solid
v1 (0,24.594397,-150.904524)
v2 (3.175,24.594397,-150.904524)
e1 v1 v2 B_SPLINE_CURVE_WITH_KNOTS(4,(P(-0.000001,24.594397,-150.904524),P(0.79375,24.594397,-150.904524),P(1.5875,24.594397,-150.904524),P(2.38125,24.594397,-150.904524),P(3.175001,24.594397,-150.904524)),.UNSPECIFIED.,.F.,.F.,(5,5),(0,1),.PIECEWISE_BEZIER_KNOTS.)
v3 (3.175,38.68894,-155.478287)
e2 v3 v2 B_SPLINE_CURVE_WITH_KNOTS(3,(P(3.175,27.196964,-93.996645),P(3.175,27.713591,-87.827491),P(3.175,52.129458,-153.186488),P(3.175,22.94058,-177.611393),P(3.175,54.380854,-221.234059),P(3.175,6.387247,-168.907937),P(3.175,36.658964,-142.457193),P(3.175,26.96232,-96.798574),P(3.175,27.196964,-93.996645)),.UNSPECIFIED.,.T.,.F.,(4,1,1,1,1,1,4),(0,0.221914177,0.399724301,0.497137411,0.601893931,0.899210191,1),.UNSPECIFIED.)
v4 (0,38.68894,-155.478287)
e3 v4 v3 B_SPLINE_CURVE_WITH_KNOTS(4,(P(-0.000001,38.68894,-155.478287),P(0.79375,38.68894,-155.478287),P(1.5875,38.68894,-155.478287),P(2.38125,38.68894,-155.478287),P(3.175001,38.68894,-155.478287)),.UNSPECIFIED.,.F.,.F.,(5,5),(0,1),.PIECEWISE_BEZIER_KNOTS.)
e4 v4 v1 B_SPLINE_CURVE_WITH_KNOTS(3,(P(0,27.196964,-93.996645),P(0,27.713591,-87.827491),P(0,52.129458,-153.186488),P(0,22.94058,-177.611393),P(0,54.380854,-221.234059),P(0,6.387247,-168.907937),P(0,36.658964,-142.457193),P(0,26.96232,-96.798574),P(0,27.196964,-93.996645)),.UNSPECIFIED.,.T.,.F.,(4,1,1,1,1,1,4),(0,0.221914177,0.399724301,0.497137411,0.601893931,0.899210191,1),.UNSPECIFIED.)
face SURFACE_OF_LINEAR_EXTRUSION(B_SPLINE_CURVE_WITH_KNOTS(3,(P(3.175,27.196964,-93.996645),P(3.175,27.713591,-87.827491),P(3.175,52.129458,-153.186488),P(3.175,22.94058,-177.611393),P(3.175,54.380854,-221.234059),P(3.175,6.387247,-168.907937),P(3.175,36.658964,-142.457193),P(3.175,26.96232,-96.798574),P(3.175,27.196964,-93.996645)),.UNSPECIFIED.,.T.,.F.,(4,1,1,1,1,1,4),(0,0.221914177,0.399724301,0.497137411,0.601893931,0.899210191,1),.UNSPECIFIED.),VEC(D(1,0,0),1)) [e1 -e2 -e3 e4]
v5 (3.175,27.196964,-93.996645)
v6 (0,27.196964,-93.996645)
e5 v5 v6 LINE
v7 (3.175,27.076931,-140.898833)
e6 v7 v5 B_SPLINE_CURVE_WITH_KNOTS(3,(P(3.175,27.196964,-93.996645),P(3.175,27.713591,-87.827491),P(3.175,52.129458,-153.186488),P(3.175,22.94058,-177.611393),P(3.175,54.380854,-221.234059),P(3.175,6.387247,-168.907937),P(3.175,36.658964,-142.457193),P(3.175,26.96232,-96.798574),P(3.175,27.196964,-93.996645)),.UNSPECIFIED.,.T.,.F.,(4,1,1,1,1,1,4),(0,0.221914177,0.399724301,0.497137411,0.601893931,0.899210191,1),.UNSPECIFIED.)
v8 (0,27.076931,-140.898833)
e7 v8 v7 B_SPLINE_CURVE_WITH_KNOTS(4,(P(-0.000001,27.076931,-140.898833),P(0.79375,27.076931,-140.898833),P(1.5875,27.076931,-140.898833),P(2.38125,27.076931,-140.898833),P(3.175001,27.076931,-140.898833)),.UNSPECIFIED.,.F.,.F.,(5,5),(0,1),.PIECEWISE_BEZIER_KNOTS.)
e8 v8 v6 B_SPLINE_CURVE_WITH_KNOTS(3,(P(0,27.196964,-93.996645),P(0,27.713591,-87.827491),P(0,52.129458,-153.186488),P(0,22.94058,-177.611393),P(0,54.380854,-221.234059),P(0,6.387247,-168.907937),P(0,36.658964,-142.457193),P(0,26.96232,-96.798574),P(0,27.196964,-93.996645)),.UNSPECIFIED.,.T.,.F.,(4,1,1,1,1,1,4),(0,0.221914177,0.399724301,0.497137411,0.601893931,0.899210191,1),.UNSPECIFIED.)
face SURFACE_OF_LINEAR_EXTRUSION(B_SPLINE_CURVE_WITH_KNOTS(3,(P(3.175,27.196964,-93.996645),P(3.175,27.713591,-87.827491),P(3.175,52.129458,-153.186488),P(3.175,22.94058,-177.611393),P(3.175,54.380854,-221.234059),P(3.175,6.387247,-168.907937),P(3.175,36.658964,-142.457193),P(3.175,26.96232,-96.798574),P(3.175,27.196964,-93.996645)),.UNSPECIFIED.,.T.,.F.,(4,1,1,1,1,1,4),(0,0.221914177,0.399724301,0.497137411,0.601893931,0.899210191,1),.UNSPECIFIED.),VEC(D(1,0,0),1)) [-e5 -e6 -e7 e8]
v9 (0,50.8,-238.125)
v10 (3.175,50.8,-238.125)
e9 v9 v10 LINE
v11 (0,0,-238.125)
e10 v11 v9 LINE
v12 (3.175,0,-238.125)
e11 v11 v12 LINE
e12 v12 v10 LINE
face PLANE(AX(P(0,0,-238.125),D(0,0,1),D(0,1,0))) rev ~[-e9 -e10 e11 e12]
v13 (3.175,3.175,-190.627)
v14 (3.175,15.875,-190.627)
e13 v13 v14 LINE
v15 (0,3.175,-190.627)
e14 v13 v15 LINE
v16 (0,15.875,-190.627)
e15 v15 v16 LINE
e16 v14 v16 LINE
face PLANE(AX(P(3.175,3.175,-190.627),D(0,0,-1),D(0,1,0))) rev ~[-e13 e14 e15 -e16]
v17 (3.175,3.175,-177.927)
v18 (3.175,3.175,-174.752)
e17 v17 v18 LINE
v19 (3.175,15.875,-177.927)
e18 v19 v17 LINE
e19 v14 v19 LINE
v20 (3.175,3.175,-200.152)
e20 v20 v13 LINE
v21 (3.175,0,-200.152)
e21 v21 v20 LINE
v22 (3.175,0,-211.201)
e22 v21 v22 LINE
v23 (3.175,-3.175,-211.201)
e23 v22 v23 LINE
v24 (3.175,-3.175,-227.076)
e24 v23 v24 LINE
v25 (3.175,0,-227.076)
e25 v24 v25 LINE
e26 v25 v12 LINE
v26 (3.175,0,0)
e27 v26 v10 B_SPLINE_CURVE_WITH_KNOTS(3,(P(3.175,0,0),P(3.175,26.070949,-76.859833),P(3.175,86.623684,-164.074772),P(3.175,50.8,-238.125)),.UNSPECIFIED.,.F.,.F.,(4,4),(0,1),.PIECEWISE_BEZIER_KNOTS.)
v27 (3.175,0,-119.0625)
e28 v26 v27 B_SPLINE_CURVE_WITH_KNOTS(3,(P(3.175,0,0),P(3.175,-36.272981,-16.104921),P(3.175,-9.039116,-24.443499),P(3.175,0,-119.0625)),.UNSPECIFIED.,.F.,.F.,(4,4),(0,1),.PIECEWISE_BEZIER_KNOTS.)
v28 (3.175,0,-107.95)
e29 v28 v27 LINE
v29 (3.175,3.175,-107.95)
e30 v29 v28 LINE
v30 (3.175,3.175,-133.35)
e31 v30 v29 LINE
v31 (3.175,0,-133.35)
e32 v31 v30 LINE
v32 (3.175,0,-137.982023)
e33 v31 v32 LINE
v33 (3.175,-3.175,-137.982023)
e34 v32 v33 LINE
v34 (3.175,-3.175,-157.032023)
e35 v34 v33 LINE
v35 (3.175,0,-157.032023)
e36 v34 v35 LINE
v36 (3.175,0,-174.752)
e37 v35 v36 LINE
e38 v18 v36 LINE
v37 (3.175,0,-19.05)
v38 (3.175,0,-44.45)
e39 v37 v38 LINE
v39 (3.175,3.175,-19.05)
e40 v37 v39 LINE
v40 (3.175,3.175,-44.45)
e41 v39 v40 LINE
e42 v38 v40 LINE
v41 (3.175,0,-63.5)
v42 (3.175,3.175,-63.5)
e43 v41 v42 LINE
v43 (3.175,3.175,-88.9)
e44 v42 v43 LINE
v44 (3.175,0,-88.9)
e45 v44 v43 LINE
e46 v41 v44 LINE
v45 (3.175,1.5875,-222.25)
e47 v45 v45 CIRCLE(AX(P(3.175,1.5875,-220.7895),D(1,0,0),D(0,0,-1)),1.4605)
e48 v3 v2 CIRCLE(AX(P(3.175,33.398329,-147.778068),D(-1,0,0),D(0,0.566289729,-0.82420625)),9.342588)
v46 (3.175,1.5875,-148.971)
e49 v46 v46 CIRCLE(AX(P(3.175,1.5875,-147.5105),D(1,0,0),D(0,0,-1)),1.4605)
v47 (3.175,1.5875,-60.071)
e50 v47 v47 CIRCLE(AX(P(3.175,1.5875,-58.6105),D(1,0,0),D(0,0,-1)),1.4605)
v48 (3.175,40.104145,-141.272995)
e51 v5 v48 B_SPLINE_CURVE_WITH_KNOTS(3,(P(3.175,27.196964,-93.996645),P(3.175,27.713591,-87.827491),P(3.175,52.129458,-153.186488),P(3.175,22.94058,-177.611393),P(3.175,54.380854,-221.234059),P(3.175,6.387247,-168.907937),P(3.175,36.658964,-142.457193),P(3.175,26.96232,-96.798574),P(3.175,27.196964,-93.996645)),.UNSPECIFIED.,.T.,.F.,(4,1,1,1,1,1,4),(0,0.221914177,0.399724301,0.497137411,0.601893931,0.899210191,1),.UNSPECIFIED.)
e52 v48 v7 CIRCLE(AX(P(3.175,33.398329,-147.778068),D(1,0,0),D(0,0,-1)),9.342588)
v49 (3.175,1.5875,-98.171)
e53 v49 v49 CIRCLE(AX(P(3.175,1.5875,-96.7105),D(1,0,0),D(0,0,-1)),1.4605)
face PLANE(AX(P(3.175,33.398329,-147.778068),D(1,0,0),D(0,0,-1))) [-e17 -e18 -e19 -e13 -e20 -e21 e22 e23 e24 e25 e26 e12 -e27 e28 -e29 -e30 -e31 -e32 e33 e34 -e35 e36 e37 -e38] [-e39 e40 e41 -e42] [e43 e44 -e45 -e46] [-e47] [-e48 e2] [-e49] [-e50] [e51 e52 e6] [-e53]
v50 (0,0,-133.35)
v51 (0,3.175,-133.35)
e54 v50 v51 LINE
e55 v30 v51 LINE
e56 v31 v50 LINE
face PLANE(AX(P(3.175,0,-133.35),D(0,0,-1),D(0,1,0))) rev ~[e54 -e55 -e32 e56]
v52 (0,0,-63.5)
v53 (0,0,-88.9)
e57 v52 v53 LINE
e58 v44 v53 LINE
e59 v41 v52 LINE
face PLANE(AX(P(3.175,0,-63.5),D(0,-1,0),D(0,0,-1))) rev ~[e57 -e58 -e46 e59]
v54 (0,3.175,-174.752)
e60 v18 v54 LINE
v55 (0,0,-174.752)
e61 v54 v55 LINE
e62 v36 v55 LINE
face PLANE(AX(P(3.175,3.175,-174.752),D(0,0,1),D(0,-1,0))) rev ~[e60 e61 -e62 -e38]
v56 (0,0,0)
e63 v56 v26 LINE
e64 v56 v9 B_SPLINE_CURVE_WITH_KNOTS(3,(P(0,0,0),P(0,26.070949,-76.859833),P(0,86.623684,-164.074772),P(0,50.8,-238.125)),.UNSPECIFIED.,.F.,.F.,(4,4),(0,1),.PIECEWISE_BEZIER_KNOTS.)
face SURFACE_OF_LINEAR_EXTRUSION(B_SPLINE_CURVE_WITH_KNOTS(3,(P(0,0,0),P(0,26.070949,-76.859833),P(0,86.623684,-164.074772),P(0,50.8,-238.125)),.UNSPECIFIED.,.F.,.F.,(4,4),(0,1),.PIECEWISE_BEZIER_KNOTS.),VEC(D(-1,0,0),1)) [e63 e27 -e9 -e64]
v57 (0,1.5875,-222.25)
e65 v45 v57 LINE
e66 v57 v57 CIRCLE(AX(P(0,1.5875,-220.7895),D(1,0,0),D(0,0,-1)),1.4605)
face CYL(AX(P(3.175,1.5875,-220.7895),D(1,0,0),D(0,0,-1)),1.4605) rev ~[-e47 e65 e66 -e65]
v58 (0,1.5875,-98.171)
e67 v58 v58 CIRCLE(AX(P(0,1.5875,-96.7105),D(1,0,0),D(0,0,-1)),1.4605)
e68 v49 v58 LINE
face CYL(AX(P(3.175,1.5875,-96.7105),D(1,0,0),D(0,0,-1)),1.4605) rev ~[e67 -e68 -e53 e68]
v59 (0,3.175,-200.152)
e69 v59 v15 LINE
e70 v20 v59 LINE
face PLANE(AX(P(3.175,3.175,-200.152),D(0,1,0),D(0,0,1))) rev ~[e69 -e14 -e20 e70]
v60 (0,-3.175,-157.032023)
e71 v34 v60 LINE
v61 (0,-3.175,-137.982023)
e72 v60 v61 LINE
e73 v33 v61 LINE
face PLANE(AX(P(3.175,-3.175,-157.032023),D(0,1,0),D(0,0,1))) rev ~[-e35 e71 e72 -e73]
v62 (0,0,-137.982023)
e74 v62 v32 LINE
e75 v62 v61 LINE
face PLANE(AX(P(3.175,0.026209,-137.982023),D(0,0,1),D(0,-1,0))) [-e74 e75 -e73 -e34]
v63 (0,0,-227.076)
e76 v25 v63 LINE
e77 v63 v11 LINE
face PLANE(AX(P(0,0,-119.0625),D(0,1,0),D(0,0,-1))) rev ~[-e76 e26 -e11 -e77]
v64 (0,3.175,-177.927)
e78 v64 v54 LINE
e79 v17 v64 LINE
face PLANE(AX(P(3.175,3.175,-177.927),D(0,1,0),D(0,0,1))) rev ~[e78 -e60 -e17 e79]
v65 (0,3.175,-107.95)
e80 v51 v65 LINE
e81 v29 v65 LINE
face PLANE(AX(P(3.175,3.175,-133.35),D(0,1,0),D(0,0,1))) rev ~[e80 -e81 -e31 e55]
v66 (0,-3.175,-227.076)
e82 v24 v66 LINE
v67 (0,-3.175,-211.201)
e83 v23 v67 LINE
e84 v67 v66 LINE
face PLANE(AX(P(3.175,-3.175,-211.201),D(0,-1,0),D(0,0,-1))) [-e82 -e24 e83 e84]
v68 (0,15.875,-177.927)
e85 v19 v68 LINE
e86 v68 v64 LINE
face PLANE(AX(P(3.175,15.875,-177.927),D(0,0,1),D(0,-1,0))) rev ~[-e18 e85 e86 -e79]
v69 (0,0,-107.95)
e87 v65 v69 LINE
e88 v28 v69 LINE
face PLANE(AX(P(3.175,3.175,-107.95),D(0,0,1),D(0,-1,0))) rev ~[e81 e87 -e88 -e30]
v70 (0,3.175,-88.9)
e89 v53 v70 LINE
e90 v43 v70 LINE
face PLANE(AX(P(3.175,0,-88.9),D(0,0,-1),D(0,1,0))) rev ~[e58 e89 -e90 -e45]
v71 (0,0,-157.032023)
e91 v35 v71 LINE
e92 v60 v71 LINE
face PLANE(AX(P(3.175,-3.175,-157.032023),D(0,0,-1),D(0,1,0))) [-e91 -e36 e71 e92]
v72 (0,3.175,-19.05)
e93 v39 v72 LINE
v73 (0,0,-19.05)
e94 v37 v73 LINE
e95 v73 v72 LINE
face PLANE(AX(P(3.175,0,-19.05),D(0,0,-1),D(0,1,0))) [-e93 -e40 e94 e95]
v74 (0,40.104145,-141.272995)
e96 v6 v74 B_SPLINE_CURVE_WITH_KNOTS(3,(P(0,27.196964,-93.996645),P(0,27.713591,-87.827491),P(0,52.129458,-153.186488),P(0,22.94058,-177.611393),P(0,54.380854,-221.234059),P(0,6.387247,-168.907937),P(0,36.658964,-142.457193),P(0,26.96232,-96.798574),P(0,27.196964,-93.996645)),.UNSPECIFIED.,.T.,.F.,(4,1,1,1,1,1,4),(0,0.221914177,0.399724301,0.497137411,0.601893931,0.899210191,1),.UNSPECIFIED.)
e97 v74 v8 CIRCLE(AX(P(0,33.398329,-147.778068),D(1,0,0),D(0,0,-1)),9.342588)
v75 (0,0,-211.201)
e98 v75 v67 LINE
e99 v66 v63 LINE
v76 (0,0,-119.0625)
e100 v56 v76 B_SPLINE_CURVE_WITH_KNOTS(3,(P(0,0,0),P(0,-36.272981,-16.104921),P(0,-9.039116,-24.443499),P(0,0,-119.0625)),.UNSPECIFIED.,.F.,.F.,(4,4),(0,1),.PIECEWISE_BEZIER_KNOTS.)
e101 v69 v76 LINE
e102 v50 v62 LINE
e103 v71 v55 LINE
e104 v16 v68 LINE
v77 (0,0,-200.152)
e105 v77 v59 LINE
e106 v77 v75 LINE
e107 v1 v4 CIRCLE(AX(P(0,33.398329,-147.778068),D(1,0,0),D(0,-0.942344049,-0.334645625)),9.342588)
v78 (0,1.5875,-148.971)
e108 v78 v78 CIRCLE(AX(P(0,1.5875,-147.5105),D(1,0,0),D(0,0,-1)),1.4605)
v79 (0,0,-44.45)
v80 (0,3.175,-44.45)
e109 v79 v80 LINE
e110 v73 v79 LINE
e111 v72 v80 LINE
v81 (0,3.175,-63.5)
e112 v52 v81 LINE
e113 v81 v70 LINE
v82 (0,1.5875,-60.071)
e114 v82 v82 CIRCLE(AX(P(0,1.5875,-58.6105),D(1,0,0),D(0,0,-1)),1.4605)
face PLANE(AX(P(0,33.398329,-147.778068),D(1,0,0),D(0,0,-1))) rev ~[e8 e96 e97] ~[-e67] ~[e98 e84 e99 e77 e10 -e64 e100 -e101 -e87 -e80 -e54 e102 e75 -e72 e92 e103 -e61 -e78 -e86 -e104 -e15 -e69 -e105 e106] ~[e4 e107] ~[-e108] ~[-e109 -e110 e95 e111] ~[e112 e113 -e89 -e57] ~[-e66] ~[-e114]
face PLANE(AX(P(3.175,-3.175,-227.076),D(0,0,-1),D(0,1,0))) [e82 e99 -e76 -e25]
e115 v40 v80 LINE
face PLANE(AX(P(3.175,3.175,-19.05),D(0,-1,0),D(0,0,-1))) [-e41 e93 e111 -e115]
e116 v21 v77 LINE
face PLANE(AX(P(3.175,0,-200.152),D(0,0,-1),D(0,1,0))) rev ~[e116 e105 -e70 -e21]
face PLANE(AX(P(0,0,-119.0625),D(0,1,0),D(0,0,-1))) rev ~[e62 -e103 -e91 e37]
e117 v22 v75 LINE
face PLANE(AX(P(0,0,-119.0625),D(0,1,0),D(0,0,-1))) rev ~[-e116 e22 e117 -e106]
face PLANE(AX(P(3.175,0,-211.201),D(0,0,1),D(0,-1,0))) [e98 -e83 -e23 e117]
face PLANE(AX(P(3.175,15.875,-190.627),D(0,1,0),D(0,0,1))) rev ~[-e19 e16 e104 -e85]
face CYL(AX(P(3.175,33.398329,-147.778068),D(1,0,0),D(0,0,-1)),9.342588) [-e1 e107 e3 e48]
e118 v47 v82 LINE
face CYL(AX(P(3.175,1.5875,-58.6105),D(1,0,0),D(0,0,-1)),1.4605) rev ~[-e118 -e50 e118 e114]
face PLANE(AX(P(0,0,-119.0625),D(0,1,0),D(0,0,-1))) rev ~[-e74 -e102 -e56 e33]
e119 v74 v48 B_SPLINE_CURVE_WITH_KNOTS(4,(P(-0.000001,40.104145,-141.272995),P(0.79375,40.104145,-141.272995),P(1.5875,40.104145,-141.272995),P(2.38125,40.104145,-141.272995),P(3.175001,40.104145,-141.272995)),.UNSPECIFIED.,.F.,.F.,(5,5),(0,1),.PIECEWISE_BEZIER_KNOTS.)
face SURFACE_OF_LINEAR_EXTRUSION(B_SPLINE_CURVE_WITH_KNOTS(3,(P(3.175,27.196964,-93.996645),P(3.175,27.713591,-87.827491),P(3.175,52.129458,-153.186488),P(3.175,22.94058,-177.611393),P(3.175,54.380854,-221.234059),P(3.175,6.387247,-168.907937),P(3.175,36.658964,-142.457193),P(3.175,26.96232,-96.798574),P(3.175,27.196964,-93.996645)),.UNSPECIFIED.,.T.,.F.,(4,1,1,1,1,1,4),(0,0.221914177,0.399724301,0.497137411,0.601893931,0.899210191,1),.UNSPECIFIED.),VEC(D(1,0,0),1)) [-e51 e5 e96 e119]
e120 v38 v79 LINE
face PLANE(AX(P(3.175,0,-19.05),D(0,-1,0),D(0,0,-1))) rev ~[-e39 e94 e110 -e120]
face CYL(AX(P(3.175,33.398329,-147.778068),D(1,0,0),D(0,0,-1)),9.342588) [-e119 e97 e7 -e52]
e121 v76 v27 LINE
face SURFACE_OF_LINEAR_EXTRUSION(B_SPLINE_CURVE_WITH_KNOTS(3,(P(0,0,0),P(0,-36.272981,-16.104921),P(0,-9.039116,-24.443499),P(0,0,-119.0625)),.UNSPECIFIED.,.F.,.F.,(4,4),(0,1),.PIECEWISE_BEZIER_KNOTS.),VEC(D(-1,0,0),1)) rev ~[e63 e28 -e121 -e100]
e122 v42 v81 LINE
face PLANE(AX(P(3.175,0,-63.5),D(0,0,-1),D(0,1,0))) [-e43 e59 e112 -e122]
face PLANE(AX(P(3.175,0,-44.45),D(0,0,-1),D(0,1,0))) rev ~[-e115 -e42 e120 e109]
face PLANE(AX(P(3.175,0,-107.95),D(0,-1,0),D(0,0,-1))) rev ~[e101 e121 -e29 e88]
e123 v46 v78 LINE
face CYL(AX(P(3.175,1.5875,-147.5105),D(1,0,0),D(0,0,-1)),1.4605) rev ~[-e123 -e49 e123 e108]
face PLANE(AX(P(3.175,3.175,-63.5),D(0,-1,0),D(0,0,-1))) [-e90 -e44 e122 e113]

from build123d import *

# Parameters (mm, degrees)
BOSS_EXTRUDE1_DEPTH = 3.175
SKETCH2_R           = 1.4605
SKETCH2_W           = 25.4
SKETCH2_H           = 3.175
CUT_EXTRUDE1_DEPTH  = 6.35
BOSS_EXTRUDE3_DEPTH = 3.175
CUT_EXTRUDE2_DEPTH  = 3.175
SKETCH5_R           = 9.342587617
BOSS_EXTRUDE4_DEPTH = 3.175


with BuildPart() as part:
    # Sketch1 → Boss-Extrude1 (new body)
    with BuildSketch(Plane(origin=(0, 0, 0), x_dir=(0, 0, -1), z_dir=(1, 0, 0))):
        with BuildLine():
            Line((119.0625, 0), (238.125, 0))
            Line((238.125, 0), (238.125, 50.8))
            add(Edge.make_bspline(
                [(0, 0), (76.859833449, 26.070949446), (164.07477212, 86.623684005), (238.125, 50.8)],
                knots=[0, 0, 0, 0, 1, 1, 1, 1], degree=3))
            add(Edge.make_bspline(
                [(0, 0), (16.104921012, -36.272981342), (24.443498776, -9.039116005), (119.0625, 0)],
                knots=[0, 0, 0, 0, 1, 1, 1, 1], degree=3))
        make_face()
    extrude(amount=BOSS_EXTRUDE1_DEPTH)

    # Sketch2 → Cut-Extrude1 (cut)
    with BuildSketch(Plane(origin=(3.175, 0, 0), x_dir=(0, 0, -1), z_dir=(1, 0, 0))):
        Polygon((177.927, 15.875), (177.927, 3.175), (183.007, 3.175), (190.627, 3.175), (190.627, 15.875), (183.007, 15.875), align=None)
        Polygon((174.752, 3.175), (174.752, 0), (200.152, 0), (200.152, 3.175), (195.707, 3.175), (190.627, 3.175), (183.007, 3.175), (177.927, 3.175), align=None)
        with Locations((220.7895, 1.5875)):
            Circle(SKETCH2_R)
        Polygon((107.95, 3.175), (107.95, 0), (119.0625, 0), (133.35, 0), (133.35, 3.175), align=None)
        with Locations((76.2, 1.5875)):
            Rectangle(SKETCH2_W, SKETCH2_H)
        with Locations((31.75, 1.5875)):
            Rectangle(SKETCH2_W, SKETCH2_H)
        with Locations((58.6105, 1.5875)):
            Circle(SKETCH2_R)
        with Locations((147.5105, 1.5875)):
            Circle(SKETCH2_R)
        with Locations((96.7105, 1.5875)):
            Circle(SKETCH2_R)
    extrude(amount=-CUT_EXTRUDE1_DEPTH, mode=Mode.SUBTRACT)

    # Sketch3 → Boss-Extrude3 (add)
    with BuildSketch(Plane(origin=(3.175, 0, 0), x_dir=(0, 0, -1), z_dir=(1, 0, 0))):
        Polygon((137.98202267, -3.175), (137.98202267, 0), (137.98202267, 0.026209123), (157.03202267, 0.026209123), (157.03202267, 0), (157.03202267, -3.175), align=None)
        Polygon((211.201, -3.175), (227.076, -3.175), (227.076, 0), (227.076, 0.026209123), (208.026, 0.026209123), (211.201, 0), align=None)
    extrude(amount=-BOSS_EXTRUDE3_DEPTH)

    # Sketch4 → Cut-Extrude2 (cut)
    with BuildSketch(Plane(origin=(3.175, 0, 0), x_dir=(0, 0, -1), z_dir=(1, 0, 0))):
        with BuildLine():
            add(Edge.make_bspline(
                [(93.99664506, 27.196963526), (87.827491263, 27.713590543), (153.186488297, 52.129457971), (177.611392836, 22.94058013), (221.234059198, 54.380853992), (168.907937304, 6.387246602), (142.457192969, 36.658963722), (96.798574364, 26.962319938), (93.99664506, 27.196963526)],
                knots=[0, 0, 0, 0, 0.221914177, 0.399724301, 0.497137411, 0.601893931, 0.899210191, 1, 1, 1, 1], degree=3))
        make_face()
    extrude(amount=-CUT_EXTRUDE2_DEPTH, mode=Mode.SUBTRACT)

    # Sketch5 → Boss-Extrude4 (add)
    with BuildSketch(Plane(origin=(3.175, 0, 0), x_dir=(0, 0, -1), z_dir=(1, 0, 0))):
        with Locations((147.778068115, 33.398328751)):
            Circle(SKETCH5_R)
    extrude(amount=-BOSS_EXTRUDE4_DEPTH)


solid = part.part
